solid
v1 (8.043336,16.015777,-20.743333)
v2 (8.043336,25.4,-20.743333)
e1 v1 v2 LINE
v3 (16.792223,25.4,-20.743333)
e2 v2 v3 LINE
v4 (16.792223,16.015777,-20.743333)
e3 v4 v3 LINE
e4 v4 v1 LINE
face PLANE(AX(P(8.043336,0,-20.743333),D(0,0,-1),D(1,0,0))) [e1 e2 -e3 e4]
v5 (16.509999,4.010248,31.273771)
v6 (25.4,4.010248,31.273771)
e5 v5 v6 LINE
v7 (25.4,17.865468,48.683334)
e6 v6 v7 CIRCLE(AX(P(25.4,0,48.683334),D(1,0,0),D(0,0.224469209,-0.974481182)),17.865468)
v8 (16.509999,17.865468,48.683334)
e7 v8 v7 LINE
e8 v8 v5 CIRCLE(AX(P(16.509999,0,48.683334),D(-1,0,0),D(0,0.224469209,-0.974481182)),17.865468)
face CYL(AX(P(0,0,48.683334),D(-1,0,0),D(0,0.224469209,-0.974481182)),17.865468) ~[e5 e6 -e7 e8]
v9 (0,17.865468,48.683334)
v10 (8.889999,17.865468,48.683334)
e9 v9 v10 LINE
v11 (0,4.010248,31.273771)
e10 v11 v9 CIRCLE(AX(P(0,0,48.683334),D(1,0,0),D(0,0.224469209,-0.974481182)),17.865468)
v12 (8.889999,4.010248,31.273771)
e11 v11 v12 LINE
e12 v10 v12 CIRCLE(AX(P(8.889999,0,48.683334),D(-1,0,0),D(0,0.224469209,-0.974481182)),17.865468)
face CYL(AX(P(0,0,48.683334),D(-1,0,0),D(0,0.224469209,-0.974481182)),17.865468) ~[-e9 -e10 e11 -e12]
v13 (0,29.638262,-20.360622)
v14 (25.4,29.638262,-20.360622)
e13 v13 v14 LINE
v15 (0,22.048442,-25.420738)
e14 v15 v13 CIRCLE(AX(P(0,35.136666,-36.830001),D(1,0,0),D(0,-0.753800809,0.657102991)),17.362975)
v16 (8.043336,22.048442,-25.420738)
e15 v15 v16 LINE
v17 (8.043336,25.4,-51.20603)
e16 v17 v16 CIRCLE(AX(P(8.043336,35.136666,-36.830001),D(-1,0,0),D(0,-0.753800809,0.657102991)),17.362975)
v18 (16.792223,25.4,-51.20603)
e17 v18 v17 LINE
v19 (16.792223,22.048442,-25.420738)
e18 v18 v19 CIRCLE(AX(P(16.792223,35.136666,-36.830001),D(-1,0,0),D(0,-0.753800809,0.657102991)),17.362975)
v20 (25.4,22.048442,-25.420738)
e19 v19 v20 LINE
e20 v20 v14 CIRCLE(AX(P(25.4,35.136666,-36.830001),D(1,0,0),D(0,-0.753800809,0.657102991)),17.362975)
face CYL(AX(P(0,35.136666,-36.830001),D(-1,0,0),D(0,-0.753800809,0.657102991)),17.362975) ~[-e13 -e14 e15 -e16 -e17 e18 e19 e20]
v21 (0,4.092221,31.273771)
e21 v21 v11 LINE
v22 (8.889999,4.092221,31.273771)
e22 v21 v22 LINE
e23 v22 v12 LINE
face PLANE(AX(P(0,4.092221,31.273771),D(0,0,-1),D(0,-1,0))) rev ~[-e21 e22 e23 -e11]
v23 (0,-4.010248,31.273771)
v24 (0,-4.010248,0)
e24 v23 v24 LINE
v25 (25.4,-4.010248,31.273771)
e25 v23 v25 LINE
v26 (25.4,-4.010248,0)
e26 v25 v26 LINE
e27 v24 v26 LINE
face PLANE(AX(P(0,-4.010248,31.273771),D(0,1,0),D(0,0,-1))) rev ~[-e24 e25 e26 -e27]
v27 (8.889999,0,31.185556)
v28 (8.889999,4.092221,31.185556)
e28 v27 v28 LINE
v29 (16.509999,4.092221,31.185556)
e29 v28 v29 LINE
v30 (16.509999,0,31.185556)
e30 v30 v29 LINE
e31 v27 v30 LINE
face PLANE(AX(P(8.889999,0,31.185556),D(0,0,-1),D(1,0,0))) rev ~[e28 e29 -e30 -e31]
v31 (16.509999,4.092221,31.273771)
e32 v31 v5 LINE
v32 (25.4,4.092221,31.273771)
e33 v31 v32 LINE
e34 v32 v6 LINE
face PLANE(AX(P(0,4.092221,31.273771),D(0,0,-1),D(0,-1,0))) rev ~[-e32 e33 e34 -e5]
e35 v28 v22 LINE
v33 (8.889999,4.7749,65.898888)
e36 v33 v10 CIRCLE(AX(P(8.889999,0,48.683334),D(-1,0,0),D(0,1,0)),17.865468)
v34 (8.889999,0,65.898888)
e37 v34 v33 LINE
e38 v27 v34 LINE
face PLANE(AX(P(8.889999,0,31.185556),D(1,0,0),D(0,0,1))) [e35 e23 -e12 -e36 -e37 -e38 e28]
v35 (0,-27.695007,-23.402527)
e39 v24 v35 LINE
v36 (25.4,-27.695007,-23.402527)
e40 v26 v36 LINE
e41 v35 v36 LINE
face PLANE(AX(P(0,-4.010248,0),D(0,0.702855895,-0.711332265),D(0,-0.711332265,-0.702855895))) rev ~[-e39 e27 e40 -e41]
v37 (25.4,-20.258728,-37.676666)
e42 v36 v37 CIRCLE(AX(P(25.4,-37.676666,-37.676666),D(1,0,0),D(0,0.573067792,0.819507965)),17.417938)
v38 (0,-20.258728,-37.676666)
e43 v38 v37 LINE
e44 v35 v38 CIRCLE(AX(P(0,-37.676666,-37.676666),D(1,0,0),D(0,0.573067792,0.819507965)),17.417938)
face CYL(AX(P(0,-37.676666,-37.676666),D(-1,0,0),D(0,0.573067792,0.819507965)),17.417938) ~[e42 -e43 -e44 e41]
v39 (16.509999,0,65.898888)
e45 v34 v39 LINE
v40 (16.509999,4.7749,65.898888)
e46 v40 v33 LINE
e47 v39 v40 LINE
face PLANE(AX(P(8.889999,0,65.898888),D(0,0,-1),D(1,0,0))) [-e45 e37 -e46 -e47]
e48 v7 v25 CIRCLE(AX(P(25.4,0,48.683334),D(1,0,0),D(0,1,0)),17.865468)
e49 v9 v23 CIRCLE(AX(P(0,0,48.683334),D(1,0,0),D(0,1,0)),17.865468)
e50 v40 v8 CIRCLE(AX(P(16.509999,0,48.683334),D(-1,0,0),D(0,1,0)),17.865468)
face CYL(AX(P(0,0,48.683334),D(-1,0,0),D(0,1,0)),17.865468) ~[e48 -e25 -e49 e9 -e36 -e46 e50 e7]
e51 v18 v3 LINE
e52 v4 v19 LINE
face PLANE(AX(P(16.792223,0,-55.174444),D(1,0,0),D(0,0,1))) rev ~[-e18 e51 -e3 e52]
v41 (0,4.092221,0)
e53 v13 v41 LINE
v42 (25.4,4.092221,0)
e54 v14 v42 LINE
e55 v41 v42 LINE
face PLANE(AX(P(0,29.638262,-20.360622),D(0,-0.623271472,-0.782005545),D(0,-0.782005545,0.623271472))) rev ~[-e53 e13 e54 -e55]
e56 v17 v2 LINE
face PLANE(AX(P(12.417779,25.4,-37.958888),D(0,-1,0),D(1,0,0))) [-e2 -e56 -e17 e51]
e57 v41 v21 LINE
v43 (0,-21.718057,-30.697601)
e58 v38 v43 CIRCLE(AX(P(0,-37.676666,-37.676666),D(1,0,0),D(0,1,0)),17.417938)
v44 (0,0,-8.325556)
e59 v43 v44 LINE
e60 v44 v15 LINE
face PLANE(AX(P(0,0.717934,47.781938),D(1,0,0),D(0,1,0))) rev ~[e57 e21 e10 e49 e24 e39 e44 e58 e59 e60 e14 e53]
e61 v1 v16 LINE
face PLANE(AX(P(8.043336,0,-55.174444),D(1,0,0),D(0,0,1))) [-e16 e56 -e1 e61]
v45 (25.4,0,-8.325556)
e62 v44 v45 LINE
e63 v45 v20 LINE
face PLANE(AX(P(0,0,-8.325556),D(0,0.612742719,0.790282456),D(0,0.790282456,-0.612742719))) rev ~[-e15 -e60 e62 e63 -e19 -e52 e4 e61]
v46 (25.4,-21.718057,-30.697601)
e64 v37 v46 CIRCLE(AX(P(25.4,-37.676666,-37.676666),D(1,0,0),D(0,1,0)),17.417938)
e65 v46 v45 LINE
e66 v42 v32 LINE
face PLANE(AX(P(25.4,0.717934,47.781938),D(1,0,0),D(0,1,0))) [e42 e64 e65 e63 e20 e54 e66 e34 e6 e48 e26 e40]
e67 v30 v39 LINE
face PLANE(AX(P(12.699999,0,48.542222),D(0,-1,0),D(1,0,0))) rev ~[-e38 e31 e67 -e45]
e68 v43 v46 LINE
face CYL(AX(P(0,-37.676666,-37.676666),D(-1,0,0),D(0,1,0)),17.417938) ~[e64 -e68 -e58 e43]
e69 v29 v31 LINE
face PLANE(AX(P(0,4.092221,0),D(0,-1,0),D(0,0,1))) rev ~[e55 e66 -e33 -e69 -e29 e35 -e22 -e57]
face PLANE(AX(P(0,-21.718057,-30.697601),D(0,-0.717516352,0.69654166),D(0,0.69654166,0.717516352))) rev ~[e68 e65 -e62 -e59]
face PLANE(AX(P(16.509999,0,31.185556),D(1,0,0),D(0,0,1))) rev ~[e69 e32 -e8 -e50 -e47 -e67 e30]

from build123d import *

# Parameters (mm, degrees)
F1_DEPTH = 25.4
F2_W     = 7.6199993491
F2_H     = 34.71333161
F2_W_2   = 8.7488871068
F2_H_2   = 34.4311110675
F3_DEPTH = 25.4
F4_DEPTH = 25.4
F5_DEPTH = 25.4


with BuildPart() as f1:
    # F0 (on Right) → F1 (new body)
    with BuildSketch(Plane.YZ):
        with BuildLine():
            ThreePointArc((4.0102475369, 31.2737714921), (13.9789110295, 37.5583620793), (17.8654682829, 48.683334142))
            ThreePointArc((17.8654682829, 48.683334142), (-11.1249720627, 62.6622451715), (-4.0102475369, 31.2737714921))
            Line((-4.0102475369, 31.2737714921), (4.0102475369, 31.2737714921))
        make_face()
        with BuildLine():
            Line((4.0102475369, 31.2737714921), (-4.0102475369, 31.2737714921))
            ThreePointArc((-4.0102475369, 31.2737714921), (0, 30.8178658591), (4.0102475369, 31.2737714921))
        make_face()
        with BuildLine():
            ThreePointArc((4.0102475369, 31.2737714921), (0, 30.8178658591), (-4.0102475369, 31.2737714921))
            Line((-4.0102475369, 31.2737714921), (-4.0102475369, 0))
            Line((-4.0102475369, 0), (4.0922206827, 0))
            Line((4.0922206827, 0), (4.0922206827, 31.2737714921))
            Line((4.0922206827, 31.2737714921), (4.0102475369, 31.2737714921))
        make_face()
        with BuildLine():
            Line((4.0922206827, 0), (-4.0102475369, 0))
            Line((-4.0102475369, 0), (-27.6950067122, -23.4025270809))
            ThreePointArc((-27.6950067122, -23.4025270809), (-24.2033996069, -26.6378410284), (-21.7180567466, -30.6976005513))
            Line((-21.7180567466, -30.6976005513), (0, -8.3255562931))
            Line((0, -8.3255562931), (22.0484417187, -25.4207379206))
            ThreePointArc((22.0484417187, -25.4207379206), (25.5051095185, -22.3833397186), (29.6382622048, -20.3606215012))
            Line((29.6382622048, -20.3606215012), (4.0922206827, 0))
        make_face()
        with BuildLine():
            ThreePointArc((-21.7180567466, -30.6976005513), (-24.2033996069, -26.6378410284), (-27.6950067122, -23.4025270809))
            ThreePointArc((-27.6950067122, -23.4025270809), (-53.1240683212, -45.7241699015), (-20.2587280311, -37.6766659319))
            ThreePointArc((-20.2587280311, -37.6766659319), (-20.6274632454, -34.11166264), (-21.7180567466, -30.6976005513))
        make_face()
        with BuildLine():
            ThreePointArc((52.4996409272, -36.8300005794), (45.2856622606, -22.7420351096), (29.6382622048, -20.3606215012))
            ThreePointArc((29.6382622048, -20.3606215012), (25.5051095185, -22.3833397186), (22.0484417187, -25.4207379206))
            ThreePointArc((22.0484417187, -25.4207379206), (29.0447706115, -53.0892041857), (52.4996409272, -36.8300005794))
        make_face()
    extrude(amount=F1_DEPTH)

    # F2 (on Front) → F3 (cut)
    with BuildSketch(Plane.XZ):
        with Locations((12.6999989152, 48.5422220081)):
            Rectangle(F2_W, F2_H)
        with Locations((12.4177793041, -37.958888337)):
            Rectangle(F2_W_2, F2_H_2)
    extrude(amount=-F3_DEPTH, mode=Mode.SUBTRACT)

    # F2 (on Front) → F4 (cut)
    with BuildSketch(Plane.XZ):
        with Locations((12.6999989152, 48.5422220081)):
            Rectangle(F2_W, F2_H)
        with Locations((12.4177793041, -37.958888337)):
            Rectangle(F2_W_2, F2_H_2)
    extrude(amount=-F4_DEPTH, mode=Mode.SUBTRACT)

    # F2 (on Front) → F5 (cut)
    with BuildSketch(Plane.XZ):
        with Locations((12.6999989152, 48.5422220081)):
            Rectangle(F2_W, F2_H)
        with Locations((12.4177793041, -37.958888337)):
            Rectangle(F2_W_2, F2_H_2)
    extrude(amount=-F5_DEPTH, mode=Mode.SUBTRACT)


solid = f1.part
